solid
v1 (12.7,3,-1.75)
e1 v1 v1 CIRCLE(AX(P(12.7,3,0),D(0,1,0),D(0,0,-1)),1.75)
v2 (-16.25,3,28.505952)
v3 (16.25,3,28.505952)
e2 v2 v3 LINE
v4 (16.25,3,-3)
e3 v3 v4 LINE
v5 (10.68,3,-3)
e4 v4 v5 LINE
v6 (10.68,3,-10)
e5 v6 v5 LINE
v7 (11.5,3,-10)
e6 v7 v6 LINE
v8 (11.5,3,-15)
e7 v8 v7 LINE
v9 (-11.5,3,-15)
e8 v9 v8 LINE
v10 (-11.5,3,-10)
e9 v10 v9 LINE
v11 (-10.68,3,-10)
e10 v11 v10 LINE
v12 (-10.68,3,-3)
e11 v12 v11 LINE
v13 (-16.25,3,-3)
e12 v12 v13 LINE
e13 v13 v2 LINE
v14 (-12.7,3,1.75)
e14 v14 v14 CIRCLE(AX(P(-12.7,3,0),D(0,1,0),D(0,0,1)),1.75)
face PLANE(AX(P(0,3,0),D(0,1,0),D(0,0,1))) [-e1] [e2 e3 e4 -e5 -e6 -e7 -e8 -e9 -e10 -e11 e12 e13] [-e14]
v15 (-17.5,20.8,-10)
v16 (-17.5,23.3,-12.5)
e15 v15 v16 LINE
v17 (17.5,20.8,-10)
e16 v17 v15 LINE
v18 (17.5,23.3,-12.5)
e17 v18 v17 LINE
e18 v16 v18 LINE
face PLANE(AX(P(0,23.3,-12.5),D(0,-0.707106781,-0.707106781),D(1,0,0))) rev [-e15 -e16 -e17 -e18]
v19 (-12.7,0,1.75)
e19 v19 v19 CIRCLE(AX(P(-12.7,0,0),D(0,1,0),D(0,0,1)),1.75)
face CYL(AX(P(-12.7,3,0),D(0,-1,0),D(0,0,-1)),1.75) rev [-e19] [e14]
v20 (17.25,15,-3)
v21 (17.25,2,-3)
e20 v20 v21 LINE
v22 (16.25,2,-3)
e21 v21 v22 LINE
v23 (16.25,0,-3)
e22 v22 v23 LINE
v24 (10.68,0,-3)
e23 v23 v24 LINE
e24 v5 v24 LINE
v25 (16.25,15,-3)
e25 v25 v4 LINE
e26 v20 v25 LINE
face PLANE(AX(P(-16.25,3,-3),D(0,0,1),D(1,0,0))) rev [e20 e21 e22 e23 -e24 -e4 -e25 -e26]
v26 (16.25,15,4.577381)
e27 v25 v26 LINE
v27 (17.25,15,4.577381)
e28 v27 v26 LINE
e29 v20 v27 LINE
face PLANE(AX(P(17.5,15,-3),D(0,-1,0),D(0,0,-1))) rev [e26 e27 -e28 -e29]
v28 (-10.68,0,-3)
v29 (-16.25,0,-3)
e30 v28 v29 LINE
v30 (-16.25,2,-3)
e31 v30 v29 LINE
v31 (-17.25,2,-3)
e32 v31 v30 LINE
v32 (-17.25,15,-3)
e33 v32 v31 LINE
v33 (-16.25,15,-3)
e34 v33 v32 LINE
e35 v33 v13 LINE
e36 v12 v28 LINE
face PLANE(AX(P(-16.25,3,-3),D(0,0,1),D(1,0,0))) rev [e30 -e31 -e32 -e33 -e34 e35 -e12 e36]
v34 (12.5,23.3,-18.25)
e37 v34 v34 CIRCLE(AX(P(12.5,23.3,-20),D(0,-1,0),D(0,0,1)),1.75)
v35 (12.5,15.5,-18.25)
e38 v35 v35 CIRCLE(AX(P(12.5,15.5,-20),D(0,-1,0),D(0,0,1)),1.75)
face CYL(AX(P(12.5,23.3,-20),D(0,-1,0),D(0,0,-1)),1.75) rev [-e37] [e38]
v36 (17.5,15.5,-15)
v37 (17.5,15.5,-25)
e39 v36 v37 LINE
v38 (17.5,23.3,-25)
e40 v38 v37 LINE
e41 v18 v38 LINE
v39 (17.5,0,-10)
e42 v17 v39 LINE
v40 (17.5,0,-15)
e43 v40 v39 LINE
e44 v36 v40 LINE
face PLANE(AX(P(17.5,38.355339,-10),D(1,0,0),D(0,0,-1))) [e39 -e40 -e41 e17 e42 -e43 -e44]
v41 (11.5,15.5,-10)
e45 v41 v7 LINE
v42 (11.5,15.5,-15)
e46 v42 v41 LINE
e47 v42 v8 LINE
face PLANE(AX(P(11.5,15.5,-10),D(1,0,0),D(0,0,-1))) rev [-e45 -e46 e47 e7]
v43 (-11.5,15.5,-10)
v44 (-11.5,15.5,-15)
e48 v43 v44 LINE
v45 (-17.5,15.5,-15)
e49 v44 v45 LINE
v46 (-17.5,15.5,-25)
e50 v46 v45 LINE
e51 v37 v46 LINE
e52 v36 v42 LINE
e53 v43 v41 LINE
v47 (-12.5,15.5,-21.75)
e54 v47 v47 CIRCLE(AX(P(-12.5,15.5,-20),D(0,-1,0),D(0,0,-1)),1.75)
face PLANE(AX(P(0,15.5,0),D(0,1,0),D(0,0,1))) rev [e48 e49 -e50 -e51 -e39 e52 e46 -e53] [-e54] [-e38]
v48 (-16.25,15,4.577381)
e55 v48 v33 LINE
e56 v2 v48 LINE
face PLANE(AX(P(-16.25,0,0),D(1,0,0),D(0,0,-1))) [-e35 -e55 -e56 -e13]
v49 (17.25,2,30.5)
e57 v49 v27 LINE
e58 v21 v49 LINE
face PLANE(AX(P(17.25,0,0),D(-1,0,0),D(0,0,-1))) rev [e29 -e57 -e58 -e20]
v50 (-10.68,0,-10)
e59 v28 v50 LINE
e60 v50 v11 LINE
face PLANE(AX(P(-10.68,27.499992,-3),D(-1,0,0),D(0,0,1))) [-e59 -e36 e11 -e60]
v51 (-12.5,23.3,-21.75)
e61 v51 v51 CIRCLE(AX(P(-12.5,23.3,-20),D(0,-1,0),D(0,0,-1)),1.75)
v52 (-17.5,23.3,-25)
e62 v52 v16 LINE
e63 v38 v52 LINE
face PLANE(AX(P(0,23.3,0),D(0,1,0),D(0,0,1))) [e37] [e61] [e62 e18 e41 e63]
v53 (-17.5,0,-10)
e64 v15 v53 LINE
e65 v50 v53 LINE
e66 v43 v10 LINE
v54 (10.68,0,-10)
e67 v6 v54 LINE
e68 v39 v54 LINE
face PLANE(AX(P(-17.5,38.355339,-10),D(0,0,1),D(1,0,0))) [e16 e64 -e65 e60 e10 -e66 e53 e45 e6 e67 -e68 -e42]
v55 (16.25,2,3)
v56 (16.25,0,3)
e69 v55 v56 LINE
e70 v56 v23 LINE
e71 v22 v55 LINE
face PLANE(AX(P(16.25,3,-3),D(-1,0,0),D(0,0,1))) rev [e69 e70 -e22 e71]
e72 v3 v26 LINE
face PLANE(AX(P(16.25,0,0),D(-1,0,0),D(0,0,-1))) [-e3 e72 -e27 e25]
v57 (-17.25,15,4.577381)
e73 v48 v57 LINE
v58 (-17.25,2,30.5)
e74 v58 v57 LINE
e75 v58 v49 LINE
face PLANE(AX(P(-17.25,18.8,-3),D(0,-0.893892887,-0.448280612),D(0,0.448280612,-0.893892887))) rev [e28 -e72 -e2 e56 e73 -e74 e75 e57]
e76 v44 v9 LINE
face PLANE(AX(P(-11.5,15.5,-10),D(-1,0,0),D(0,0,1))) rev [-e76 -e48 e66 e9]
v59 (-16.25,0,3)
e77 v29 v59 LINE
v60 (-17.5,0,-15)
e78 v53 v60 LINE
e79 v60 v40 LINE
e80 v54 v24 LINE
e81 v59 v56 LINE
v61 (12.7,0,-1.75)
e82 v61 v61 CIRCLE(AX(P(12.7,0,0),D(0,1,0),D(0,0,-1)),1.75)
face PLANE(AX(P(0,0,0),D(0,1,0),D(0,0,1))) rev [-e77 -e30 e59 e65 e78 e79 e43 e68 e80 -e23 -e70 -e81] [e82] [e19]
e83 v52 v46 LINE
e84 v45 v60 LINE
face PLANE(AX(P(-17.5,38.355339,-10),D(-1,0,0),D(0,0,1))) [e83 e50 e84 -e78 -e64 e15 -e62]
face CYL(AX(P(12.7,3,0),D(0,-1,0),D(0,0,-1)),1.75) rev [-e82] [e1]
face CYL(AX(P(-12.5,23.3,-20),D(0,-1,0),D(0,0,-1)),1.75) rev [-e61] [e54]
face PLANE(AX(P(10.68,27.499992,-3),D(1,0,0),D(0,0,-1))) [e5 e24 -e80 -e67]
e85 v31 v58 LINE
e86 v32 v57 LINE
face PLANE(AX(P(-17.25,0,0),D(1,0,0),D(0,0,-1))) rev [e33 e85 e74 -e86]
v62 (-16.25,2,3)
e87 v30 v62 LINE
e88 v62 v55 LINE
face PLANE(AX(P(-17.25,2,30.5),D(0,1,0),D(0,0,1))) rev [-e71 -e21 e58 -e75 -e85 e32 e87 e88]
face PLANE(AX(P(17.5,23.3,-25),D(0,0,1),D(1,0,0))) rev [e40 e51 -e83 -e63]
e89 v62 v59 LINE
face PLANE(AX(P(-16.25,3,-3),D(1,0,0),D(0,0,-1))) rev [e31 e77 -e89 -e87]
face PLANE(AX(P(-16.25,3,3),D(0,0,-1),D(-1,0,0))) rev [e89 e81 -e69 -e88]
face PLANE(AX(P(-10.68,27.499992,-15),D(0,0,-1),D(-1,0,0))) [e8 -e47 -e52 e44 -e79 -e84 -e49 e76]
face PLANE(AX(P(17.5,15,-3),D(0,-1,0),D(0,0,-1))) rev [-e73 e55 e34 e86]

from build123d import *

# Parameters (mm, degrees)
SKETCH1_W           = 32.5
SKETCH1_H           = 6
SKETCH1_R           = 1.75
BOSS_EXTRUDE1_DEPTH = 3
SKETCH2_W           = 21.36
SKETCH2_H           = 12
BOSS_EXTRUDE2_DEPTH = 3
SKETCH3_W           = 35
SKETCH3_H           = 5
BOSS_EXTRUDE3_DEPTH = 3
SKETCH4_W           = 6
SKETCH4_H           = 5
BOSS_EXTRUDE4_DEPTH = 12.5
SKETCH5_W           = 35
SKETCH5_H           = 15
BOSS_EXTRUDE5_DEPTH = 7.8
CHAMFER1_SIZE       = 2.5
SKETCH6_R           = 1.75
CUT_EXTRUDE1_DEPTH  = 35.22718218
BOSS_EXTRUDE6_DEPTH = 1
SKETCH8_W           = 32.5
SKETCH8_H           = 1
BOSS_EXTRUDE7_DEPTH = 27.5
CUT_EXTRUDE2_DEPTH  = 33.5
CUT_EXTRUDE3_DEPTH  = 52.775500963


with BuildPart() as part:
    # Sketch1 → Boss-Extrude1 (new body)
    with BuildSketch(Plane(origin=(0, 0, 0), x_dir=(1, 0, 0), z_dir=(0, 1, 0))):
        Rectangle(SKETCH1_W, SKETCH1_H)
        with Locations(Location((-12.7, 0, 0), (0, 0, 270))):
            Circle(SKETCH1_R, mode=Mode.SUBTRACT)
        with Locations(Location((12.7, 0, 0), (0, 0, 90))):
            Circle(SKETCH1_R, mode=Mode.SUBTRACT)
    extrude(amount=BOSS_EXTRUDE1_DEPTH)

    # Sketch2 → Boss-Extrude2 (add)
    with BuildSketch(Plane.XZ):
        with Locations((0, -9)):
            Rectangle(SKETCH2_W, SKETCH2_H)
    extrude(amount=-BOSS_EXTRUDE2_DEPTH)

    # Sketch3 → Boss-Extrude3 (add)
    with BuildSketch(Plane.XZ):
        with Locations((0, -12.5)):
            Rectangle(SKETCH3_W, SKETCH3_H)
    extrude(amount=-BOSS_EXTRUDE3_DEPTH)

    # Sketch4 → Boss-Extrude4 (add)
    with BuildSketch(Plane(origin=(0, 3, 0), x_dir=(1, 0, 0), z_dir=(0, 1, 0))):
        with Locations((-14.5, 12.5)):
            Rectangle(SKETCH4_W, SKETCH4_H)
        with Locations((14.5, 12.5)):
            Rectangle(SKETCH4_W, SKETCH4_H)
    extrude(amount=BOSS_EXTRUDE4_DEPTH)

    # Sketch5 → Boss-Extrude5 (add)
    with BuildSketch(Plane(origin=(0, 15.5, 0), x_dir=(1, 0, 0), z_dir=(0, 1, 0))):
        with Locations((0, 17.5)):
            Rectangle(SKETCH5_W, SKETCH5_H)
    extrude(amount=BOSS_EXTRUDE5_DEPTH)

    # Chamfer1
    chamfer1_edges = [part.edges().sort_by_distance(p)[0] for p in [
        (0, 23.3, -10),
    ]]
    chamfer(chamfer1_edges, length=CHAMFER1_SIZE)

    # Sketch6 → Cut-Extrude1 (cut, through all)
    with BuildSketch(Plane.XZ.offset(-15.5)):
        with Locations(Location((-12.5, -20, 0), (0, 0, 270))):
            Circle(SKETCH6_R)
        with Locations(Location((12.5, -20, 0), (0, 0, 90))):
            Circle(SKETCH6_R)
    extrude(amount=-CUT_EXTRUDE1_DEPTH, mode=Mode.SUBTRACT)

    # Sketch7 → Boss-Extrude6 (add)
    with BuildSketch(Plane.ZY.offset(16.25)):
        Polygon((-3, 2), (-3, 18.8), (30.5, 2), align=None)
    boss_extrude6 = extrude(amount=BOSS_EXTRUDE6_DEPTH)

    # Mirror1: Boss-Extrude6 across plane
    add(boss_extrude6.mirror(Plane(origin=(0, 0, 0), x_dir=(0, 0, 1), z_dir=(1, 0, 0))))

    # Sketch8 → Boss-Extrude7 (add)
    with BuildSketch(Plane.XY.offset(3)):
        with Locations((0, 2.5)):
            Rectangle(SKETCH8_W, SKETCH8_H)
    extrude(amount=BOSS_EXTRUDE7_DEPTH)

    # Sketch9 → Cut-Extrude2 (cut)
    with BuildSketch(Plane(origin=(16.25, 0, 0), x_dir=(0, 0, -1), z_dir=(1, 0, 0))):
        Polygon((-30.5, 2), (-28.505952381, 3), (-30.5, 3), align=None)
    extrude(amount=-CUT_EXTRUDE2_DEPTH, mode=Mode.SUBTRACT)

    # Sketch10 → Cut-Extrude3 (cut, through all)
    with BuildSketch(Plane.ZY.offset(17.25)):
        Polygon((-3, 15), (4.577380952, 15), (-3, 18.8), align=None)
    extrude(amount=-CUT_EXTRUDE3_DEPTH, mode=Mode.SUBTRACT)


solid = part.part
